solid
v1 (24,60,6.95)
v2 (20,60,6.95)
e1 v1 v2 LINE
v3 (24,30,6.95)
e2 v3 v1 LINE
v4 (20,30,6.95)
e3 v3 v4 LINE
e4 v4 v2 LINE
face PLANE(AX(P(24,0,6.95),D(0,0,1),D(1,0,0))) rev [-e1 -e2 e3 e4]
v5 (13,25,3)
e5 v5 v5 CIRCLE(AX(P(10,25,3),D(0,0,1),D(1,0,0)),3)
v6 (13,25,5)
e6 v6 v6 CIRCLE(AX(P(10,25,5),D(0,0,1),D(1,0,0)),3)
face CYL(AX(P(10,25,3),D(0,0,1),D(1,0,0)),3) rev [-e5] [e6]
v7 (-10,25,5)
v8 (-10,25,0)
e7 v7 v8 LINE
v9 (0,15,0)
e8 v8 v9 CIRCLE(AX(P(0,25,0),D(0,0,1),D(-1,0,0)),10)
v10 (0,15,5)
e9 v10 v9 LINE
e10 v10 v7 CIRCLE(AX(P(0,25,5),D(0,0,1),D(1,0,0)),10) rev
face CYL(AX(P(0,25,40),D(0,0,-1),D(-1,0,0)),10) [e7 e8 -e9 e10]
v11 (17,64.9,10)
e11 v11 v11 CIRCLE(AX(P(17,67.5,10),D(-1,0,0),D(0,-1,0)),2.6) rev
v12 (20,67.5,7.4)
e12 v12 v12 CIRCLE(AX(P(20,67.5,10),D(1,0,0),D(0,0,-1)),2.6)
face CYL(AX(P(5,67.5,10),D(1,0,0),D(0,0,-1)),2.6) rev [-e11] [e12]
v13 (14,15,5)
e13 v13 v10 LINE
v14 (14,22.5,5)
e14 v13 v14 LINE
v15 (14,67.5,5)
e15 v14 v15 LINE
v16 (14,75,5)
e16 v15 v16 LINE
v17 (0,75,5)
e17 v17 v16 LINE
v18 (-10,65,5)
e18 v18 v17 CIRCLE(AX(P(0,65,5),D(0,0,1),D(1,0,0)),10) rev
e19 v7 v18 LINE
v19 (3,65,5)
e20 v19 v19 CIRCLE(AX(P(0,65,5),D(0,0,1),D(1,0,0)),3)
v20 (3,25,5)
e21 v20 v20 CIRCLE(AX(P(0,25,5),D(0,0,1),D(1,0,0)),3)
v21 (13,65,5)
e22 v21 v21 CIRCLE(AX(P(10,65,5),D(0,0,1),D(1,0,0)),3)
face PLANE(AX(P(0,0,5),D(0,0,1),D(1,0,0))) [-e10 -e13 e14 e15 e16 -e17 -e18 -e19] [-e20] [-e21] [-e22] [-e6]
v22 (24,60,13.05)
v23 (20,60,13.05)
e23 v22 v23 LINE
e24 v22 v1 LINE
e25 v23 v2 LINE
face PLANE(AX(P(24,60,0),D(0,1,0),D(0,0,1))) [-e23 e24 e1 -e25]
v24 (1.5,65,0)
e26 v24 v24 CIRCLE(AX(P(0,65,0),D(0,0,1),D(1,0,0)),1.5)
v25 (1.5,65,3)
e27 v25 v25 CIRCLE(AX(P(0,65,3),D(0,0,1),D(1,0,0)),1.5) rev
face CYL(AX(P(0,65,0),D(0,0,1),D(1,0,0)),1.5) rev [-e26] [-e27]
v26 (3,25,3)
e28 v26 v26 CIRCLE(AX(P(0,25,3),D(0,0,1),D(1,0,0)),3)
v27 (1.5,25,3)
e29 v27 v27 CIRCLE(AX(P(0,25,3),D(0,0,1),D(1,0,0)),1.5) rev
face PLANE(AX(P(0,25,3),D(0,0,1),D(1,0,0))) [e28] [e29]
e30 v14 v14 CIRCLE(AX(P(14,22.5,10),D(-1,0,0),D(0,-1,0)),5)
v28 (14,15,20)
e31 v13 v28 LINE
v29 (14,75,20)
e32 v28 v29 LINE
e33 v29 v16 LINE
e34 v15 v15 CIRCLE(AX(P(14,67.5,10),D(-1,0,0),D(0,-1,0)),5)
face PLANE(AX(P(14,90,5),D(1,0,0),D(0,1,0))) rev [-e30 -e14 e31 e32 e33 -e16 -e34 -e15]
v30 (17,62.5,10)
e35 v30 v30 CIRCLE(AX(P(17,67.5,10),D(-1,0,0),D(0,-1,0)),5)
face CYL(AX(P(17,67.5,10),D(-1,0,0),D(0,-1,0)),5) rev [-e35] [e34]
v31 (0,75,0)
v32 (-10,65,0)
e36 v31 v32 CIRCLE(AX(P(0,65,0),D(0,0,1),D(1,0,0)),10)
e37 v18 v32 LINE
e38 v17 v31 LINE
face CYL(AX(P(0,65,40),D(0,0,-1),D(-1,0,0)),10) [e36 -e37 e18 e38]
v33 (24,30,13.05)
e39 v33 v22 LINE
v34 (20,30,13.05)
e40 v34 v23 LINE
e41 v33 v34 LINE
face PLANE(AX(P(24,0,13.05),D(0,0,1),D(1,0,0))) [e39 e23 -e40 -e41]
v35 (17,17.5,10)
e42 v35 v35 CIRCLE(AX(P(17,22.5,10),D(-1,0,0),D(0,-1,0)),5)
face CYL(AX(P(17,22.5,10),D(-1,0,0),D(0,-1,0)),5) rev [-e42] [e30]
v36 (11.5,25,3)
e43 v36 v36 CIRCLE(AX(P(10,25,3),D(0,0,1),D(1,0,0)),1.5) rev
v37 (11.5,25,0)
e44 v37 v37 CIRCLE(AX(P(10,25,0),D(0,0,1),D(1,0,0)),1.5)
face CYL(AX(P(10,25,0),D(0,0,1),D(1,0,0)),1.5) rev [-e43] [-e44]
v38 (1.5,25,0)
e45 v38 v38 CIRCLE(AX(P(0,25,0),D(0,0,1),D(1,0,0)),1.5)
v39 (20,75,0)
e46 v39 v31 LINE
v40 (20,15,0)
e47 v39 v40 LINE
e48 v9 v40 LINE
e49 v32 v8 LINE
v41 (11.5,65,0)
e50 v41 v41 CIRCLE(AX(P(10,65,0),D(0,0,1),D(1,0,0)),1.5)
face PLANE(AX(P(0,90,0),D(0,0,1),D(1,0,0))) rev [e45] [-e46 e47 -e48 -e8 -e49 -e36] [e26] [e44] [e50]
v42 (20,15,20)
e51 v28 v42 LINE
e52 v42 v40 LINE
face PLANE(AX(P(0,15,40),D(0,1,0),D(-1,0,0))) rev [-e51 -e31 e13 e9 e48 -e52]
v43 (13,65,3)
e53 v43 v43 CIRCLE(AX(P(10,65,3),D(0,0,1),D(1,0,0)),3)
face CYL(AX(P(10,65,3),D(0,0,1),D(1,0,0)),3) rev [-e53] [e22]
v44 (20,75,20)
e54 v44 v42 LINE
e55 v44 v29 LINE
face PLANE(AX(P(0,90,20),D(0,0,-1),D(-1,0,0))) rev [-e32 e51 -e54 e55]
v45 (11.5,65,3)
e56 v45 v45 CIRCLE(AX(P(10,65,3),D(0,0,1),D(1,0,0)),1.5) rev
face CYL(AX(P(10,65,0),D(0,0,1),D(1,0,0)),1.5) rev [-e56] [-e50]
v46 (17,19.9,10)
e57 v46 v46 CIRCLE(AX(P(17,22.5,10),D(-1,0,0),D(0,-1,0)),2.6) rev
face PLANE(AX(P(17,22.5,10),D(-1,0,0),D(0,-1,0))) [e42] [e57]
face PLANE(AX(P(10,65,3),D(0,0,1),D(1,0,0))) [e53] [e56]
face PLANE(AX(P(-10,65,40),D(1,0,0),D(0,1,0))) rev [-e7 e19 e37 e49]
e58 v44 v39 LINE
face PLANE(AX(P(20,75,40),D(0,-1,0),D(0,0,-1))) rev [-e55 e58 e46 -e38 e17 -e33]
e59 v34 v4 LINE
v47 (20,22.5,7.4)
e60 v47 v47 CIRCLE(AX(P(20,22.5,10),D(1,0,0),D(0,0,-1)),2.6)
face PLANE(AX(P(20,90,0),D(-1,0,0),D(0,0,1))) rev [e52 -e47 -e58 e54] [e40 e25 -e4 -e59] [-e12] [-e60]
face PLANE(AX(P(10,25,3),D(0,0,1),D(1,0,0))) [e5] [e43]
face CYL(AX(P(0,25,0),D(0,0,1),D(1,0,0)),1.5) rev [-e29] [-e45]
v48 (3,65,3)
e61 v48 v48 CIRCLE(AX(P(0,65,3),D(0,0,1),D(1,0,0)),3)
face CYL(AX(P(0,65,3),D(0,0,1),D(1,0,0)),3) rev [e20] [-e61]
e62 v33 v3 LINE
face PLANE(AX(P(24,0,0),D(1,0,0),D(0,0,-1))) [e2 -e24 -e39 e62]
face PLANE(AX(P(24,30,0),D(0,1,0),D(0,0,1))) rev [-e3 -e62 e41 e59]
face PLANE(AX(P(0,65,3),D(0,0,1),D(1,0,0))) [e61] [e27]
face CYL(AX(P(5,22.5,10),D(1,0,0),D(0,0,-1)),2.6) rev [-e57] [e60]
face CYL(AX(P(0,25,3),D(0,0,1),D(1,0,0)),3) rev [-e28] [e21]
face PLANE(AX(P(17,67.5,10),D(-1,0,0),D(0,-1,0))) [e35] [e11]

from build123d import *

# Parameters (mm, degrees)
SKETCH_1_W          = 20
SKETCH_1_H          = 20
EXTRUDE_1_DEPTH     = 90
SKETCH_2_W          = 20
SKETCH_2_H          = 90
EXTRUDE_2_DEPTH     = 20
SKETCH_4_W          = 34
SKETCH_4_H          = 90
CUT_EXTRUDE_1_DEPTH = 15
CUT_EXTRUDE_2_DEPTH = 15
SKETCH_8_R          = 5
CUT_EXTRUDE_3_DEPTH = 3
SKETCH_9_R          = 1.5
CUT_EXTRUDE_4_DEPTH = 5
CUT_EXTRUDE_5_DEPTH = 40
EXTRUDE_3_DEPTH     = 4
SKETCH_12_R         = 3
CUT_EXTRUDE_6_DEPTH = 2


with BuildPart() as part:
    # 草图1 → 凸台-拉伸1 (new body)
    with BuildSketch(Plane(origin=(0, 0, 0), x_dir=(1, 0, 0), z_dir=(0, 1, 0))):
        with Locations((10, -10)):
            Rectangle(SKETCH_1_W, SKETCH_1_H)
    extrude(amount=EXTRUDE_1_DEPTH)

    # 草图2 → 凸台-拉伸2 (add)
    with BuildSketch(Plane(origin=(0, 0, 0), x_dir=(-1, 0, 0), z_dir=(0, 0, -1))):
        with Locations((10, 45)):
            Rectangle(SKETCH_2_W, SKETCH_2_H)
    extrude(amount=-EXTRUDE_2_DEPTH)

    # 草图4 → 切除-拉伸1 (cut)
    with BuildSketch(Plane.XY.offset(20)):
        with Locations((-3, 45)):
            Rectangle(SKETCH_4_W, SKETCH_4_H)
    extrude(amount=-CUT_EXTRUDE_1_DEPTH, mode=Mode.SUBTRACT)

    # 草图6 → 切除-拉伸2 (cut)
    with BuildSketch(Plane(origin=(20, 0, 0), x_dir=(0, 0, -1), z_dir=(1, 0, 0))):
        with BuildLine():
            ThreePointArc((-10, 70.1), (-12.6, 67.5), (-10, 64.9))
            Line((-10, 64.9), (-10, 70.1))
        make_face()
        with BuildLine():
            Line((-10, 70.1), (-10, 64.9))
            ThreePointArc((-10, 64.9), (-8.161522369, 65.661522369), (-7.4, 67.5))
            ThreePointArc((-7.4, 67.5), (-8.161522369, 69.338477631), (-10, 70.1))
        make_face()
        with BuildLine():
            ThreePointArc((-7.4, 22.5), (-8.161522369, 24.338477631), (-10, 25.1))
            Line((-10, 25.1), (-10, 19.9))
            ThreePointArc((-10, 19.9), (-8.161522369, 20.661522369), (-7.4, 22.5))
        make_face()
        with BuildLine():
            Line((-10, 19.9), (-10, 25.1))
            ThreePointArc((-10, 25.1), (-12.6, 22.5), (-10, 19.9))
        make_face()
    extrude(amount=-CUT_EXTRUDE_2_DEPTH, mode=Mode.SUBTRACT)

    # 草图8 → 切除-拉伸3 (cut)
    with BuildSketch(Plane.ZY.offset(-14)):
        with Locations(Location((10, 67.5, 0), (0, 0, 270))):
            Circle(SKETCH_8_R)
        with Locations(Location((10, 22.5, 0), (0, 0, 270))):
            Circle(SKETCH_8_R)
    extrude(amount=-CUT_EXTRUDE_3_DEPTH, mode=Mode.SUBTRACT)

    # 草图9 → 切除-拉伸4 (cut)
    with BuildSketch(Plane.XY.offset(5)):
        with Locations((10, 65)):
            Circle(SKETCH_9_R)
        with Locations((10, 25)):
            Circle(SKETCH_9_R)
        with Locations((0, 65)):
            Circle(SKETCH_9_R)
        with Locations((0, 25)):
            Circle(SKETCH_9_R)
    extrude(amount=-CUT_EXTRUDE_4_DEPTH, mode=Mode.SUBTRACT)

    # 草图10 → 切除-拉伸5 (cut)
    with BuildSketch(Plane(origin=(0, 0, 0), x_dir=(-1, 0, 0), z_dir=(0, 0, -1))):
        with BuildLine():
            Line((0, 15), (-20, 15))
            Line((-20, 15), (-20, 0))
            Line((-20, 0), (20, 0))
            Line((20, 0), (20, 90))
            Line((20, 90), (-20, 90))
            Line((-20, 90), (-20, 75))
            Line((-20, 75), (0, 75))
            ThreePointArc((0, 75), (7.071067812, 72.071067812), (10, 65))
            Line((10, 65), (10, 25))
            ThreePointArc((10, 25), (7.071067812, 17.928932188), (0, 15))
        make_face()
    extrude(amount=-CUT_EXTRUDE_5_DEPTH, mode=Mode.SUBTRACT)

    # 草图11 → 凸台-拉伸3 (add)
    with BuildSketch(Plane(origin=(20, 0, 0), x_dir=(0, 0, -1), z_dir=(1, 0, 0))):
        Polygon((-6.95, 60), (-10, 60), (-13.05, 60), (-13.05, 30), (-10, 30), (-6.95, 30), align=None)
    extrude(amount=EXTRUDE_3_DEPTH)

    # 草图12 → 切除-拉伸6 (cut)
    with BuildSketch(Plane.XY.offset(5)):
        with Locations((0, 65)):
            Circle(SKETCH_12_R)
        with Locations((10, 65)):
            Circle(SKETCH_12_R)
        with Locations((0, 25)):
            Circle(SKETCH_12_R)
        with Locations((10, 25)):
            Circle(SKETCH_12_R)
    extrude(amount=-CUT_EXTRUDE_6_DEPTH, mode=Mode.SUBTRACT)


solid = part.part
